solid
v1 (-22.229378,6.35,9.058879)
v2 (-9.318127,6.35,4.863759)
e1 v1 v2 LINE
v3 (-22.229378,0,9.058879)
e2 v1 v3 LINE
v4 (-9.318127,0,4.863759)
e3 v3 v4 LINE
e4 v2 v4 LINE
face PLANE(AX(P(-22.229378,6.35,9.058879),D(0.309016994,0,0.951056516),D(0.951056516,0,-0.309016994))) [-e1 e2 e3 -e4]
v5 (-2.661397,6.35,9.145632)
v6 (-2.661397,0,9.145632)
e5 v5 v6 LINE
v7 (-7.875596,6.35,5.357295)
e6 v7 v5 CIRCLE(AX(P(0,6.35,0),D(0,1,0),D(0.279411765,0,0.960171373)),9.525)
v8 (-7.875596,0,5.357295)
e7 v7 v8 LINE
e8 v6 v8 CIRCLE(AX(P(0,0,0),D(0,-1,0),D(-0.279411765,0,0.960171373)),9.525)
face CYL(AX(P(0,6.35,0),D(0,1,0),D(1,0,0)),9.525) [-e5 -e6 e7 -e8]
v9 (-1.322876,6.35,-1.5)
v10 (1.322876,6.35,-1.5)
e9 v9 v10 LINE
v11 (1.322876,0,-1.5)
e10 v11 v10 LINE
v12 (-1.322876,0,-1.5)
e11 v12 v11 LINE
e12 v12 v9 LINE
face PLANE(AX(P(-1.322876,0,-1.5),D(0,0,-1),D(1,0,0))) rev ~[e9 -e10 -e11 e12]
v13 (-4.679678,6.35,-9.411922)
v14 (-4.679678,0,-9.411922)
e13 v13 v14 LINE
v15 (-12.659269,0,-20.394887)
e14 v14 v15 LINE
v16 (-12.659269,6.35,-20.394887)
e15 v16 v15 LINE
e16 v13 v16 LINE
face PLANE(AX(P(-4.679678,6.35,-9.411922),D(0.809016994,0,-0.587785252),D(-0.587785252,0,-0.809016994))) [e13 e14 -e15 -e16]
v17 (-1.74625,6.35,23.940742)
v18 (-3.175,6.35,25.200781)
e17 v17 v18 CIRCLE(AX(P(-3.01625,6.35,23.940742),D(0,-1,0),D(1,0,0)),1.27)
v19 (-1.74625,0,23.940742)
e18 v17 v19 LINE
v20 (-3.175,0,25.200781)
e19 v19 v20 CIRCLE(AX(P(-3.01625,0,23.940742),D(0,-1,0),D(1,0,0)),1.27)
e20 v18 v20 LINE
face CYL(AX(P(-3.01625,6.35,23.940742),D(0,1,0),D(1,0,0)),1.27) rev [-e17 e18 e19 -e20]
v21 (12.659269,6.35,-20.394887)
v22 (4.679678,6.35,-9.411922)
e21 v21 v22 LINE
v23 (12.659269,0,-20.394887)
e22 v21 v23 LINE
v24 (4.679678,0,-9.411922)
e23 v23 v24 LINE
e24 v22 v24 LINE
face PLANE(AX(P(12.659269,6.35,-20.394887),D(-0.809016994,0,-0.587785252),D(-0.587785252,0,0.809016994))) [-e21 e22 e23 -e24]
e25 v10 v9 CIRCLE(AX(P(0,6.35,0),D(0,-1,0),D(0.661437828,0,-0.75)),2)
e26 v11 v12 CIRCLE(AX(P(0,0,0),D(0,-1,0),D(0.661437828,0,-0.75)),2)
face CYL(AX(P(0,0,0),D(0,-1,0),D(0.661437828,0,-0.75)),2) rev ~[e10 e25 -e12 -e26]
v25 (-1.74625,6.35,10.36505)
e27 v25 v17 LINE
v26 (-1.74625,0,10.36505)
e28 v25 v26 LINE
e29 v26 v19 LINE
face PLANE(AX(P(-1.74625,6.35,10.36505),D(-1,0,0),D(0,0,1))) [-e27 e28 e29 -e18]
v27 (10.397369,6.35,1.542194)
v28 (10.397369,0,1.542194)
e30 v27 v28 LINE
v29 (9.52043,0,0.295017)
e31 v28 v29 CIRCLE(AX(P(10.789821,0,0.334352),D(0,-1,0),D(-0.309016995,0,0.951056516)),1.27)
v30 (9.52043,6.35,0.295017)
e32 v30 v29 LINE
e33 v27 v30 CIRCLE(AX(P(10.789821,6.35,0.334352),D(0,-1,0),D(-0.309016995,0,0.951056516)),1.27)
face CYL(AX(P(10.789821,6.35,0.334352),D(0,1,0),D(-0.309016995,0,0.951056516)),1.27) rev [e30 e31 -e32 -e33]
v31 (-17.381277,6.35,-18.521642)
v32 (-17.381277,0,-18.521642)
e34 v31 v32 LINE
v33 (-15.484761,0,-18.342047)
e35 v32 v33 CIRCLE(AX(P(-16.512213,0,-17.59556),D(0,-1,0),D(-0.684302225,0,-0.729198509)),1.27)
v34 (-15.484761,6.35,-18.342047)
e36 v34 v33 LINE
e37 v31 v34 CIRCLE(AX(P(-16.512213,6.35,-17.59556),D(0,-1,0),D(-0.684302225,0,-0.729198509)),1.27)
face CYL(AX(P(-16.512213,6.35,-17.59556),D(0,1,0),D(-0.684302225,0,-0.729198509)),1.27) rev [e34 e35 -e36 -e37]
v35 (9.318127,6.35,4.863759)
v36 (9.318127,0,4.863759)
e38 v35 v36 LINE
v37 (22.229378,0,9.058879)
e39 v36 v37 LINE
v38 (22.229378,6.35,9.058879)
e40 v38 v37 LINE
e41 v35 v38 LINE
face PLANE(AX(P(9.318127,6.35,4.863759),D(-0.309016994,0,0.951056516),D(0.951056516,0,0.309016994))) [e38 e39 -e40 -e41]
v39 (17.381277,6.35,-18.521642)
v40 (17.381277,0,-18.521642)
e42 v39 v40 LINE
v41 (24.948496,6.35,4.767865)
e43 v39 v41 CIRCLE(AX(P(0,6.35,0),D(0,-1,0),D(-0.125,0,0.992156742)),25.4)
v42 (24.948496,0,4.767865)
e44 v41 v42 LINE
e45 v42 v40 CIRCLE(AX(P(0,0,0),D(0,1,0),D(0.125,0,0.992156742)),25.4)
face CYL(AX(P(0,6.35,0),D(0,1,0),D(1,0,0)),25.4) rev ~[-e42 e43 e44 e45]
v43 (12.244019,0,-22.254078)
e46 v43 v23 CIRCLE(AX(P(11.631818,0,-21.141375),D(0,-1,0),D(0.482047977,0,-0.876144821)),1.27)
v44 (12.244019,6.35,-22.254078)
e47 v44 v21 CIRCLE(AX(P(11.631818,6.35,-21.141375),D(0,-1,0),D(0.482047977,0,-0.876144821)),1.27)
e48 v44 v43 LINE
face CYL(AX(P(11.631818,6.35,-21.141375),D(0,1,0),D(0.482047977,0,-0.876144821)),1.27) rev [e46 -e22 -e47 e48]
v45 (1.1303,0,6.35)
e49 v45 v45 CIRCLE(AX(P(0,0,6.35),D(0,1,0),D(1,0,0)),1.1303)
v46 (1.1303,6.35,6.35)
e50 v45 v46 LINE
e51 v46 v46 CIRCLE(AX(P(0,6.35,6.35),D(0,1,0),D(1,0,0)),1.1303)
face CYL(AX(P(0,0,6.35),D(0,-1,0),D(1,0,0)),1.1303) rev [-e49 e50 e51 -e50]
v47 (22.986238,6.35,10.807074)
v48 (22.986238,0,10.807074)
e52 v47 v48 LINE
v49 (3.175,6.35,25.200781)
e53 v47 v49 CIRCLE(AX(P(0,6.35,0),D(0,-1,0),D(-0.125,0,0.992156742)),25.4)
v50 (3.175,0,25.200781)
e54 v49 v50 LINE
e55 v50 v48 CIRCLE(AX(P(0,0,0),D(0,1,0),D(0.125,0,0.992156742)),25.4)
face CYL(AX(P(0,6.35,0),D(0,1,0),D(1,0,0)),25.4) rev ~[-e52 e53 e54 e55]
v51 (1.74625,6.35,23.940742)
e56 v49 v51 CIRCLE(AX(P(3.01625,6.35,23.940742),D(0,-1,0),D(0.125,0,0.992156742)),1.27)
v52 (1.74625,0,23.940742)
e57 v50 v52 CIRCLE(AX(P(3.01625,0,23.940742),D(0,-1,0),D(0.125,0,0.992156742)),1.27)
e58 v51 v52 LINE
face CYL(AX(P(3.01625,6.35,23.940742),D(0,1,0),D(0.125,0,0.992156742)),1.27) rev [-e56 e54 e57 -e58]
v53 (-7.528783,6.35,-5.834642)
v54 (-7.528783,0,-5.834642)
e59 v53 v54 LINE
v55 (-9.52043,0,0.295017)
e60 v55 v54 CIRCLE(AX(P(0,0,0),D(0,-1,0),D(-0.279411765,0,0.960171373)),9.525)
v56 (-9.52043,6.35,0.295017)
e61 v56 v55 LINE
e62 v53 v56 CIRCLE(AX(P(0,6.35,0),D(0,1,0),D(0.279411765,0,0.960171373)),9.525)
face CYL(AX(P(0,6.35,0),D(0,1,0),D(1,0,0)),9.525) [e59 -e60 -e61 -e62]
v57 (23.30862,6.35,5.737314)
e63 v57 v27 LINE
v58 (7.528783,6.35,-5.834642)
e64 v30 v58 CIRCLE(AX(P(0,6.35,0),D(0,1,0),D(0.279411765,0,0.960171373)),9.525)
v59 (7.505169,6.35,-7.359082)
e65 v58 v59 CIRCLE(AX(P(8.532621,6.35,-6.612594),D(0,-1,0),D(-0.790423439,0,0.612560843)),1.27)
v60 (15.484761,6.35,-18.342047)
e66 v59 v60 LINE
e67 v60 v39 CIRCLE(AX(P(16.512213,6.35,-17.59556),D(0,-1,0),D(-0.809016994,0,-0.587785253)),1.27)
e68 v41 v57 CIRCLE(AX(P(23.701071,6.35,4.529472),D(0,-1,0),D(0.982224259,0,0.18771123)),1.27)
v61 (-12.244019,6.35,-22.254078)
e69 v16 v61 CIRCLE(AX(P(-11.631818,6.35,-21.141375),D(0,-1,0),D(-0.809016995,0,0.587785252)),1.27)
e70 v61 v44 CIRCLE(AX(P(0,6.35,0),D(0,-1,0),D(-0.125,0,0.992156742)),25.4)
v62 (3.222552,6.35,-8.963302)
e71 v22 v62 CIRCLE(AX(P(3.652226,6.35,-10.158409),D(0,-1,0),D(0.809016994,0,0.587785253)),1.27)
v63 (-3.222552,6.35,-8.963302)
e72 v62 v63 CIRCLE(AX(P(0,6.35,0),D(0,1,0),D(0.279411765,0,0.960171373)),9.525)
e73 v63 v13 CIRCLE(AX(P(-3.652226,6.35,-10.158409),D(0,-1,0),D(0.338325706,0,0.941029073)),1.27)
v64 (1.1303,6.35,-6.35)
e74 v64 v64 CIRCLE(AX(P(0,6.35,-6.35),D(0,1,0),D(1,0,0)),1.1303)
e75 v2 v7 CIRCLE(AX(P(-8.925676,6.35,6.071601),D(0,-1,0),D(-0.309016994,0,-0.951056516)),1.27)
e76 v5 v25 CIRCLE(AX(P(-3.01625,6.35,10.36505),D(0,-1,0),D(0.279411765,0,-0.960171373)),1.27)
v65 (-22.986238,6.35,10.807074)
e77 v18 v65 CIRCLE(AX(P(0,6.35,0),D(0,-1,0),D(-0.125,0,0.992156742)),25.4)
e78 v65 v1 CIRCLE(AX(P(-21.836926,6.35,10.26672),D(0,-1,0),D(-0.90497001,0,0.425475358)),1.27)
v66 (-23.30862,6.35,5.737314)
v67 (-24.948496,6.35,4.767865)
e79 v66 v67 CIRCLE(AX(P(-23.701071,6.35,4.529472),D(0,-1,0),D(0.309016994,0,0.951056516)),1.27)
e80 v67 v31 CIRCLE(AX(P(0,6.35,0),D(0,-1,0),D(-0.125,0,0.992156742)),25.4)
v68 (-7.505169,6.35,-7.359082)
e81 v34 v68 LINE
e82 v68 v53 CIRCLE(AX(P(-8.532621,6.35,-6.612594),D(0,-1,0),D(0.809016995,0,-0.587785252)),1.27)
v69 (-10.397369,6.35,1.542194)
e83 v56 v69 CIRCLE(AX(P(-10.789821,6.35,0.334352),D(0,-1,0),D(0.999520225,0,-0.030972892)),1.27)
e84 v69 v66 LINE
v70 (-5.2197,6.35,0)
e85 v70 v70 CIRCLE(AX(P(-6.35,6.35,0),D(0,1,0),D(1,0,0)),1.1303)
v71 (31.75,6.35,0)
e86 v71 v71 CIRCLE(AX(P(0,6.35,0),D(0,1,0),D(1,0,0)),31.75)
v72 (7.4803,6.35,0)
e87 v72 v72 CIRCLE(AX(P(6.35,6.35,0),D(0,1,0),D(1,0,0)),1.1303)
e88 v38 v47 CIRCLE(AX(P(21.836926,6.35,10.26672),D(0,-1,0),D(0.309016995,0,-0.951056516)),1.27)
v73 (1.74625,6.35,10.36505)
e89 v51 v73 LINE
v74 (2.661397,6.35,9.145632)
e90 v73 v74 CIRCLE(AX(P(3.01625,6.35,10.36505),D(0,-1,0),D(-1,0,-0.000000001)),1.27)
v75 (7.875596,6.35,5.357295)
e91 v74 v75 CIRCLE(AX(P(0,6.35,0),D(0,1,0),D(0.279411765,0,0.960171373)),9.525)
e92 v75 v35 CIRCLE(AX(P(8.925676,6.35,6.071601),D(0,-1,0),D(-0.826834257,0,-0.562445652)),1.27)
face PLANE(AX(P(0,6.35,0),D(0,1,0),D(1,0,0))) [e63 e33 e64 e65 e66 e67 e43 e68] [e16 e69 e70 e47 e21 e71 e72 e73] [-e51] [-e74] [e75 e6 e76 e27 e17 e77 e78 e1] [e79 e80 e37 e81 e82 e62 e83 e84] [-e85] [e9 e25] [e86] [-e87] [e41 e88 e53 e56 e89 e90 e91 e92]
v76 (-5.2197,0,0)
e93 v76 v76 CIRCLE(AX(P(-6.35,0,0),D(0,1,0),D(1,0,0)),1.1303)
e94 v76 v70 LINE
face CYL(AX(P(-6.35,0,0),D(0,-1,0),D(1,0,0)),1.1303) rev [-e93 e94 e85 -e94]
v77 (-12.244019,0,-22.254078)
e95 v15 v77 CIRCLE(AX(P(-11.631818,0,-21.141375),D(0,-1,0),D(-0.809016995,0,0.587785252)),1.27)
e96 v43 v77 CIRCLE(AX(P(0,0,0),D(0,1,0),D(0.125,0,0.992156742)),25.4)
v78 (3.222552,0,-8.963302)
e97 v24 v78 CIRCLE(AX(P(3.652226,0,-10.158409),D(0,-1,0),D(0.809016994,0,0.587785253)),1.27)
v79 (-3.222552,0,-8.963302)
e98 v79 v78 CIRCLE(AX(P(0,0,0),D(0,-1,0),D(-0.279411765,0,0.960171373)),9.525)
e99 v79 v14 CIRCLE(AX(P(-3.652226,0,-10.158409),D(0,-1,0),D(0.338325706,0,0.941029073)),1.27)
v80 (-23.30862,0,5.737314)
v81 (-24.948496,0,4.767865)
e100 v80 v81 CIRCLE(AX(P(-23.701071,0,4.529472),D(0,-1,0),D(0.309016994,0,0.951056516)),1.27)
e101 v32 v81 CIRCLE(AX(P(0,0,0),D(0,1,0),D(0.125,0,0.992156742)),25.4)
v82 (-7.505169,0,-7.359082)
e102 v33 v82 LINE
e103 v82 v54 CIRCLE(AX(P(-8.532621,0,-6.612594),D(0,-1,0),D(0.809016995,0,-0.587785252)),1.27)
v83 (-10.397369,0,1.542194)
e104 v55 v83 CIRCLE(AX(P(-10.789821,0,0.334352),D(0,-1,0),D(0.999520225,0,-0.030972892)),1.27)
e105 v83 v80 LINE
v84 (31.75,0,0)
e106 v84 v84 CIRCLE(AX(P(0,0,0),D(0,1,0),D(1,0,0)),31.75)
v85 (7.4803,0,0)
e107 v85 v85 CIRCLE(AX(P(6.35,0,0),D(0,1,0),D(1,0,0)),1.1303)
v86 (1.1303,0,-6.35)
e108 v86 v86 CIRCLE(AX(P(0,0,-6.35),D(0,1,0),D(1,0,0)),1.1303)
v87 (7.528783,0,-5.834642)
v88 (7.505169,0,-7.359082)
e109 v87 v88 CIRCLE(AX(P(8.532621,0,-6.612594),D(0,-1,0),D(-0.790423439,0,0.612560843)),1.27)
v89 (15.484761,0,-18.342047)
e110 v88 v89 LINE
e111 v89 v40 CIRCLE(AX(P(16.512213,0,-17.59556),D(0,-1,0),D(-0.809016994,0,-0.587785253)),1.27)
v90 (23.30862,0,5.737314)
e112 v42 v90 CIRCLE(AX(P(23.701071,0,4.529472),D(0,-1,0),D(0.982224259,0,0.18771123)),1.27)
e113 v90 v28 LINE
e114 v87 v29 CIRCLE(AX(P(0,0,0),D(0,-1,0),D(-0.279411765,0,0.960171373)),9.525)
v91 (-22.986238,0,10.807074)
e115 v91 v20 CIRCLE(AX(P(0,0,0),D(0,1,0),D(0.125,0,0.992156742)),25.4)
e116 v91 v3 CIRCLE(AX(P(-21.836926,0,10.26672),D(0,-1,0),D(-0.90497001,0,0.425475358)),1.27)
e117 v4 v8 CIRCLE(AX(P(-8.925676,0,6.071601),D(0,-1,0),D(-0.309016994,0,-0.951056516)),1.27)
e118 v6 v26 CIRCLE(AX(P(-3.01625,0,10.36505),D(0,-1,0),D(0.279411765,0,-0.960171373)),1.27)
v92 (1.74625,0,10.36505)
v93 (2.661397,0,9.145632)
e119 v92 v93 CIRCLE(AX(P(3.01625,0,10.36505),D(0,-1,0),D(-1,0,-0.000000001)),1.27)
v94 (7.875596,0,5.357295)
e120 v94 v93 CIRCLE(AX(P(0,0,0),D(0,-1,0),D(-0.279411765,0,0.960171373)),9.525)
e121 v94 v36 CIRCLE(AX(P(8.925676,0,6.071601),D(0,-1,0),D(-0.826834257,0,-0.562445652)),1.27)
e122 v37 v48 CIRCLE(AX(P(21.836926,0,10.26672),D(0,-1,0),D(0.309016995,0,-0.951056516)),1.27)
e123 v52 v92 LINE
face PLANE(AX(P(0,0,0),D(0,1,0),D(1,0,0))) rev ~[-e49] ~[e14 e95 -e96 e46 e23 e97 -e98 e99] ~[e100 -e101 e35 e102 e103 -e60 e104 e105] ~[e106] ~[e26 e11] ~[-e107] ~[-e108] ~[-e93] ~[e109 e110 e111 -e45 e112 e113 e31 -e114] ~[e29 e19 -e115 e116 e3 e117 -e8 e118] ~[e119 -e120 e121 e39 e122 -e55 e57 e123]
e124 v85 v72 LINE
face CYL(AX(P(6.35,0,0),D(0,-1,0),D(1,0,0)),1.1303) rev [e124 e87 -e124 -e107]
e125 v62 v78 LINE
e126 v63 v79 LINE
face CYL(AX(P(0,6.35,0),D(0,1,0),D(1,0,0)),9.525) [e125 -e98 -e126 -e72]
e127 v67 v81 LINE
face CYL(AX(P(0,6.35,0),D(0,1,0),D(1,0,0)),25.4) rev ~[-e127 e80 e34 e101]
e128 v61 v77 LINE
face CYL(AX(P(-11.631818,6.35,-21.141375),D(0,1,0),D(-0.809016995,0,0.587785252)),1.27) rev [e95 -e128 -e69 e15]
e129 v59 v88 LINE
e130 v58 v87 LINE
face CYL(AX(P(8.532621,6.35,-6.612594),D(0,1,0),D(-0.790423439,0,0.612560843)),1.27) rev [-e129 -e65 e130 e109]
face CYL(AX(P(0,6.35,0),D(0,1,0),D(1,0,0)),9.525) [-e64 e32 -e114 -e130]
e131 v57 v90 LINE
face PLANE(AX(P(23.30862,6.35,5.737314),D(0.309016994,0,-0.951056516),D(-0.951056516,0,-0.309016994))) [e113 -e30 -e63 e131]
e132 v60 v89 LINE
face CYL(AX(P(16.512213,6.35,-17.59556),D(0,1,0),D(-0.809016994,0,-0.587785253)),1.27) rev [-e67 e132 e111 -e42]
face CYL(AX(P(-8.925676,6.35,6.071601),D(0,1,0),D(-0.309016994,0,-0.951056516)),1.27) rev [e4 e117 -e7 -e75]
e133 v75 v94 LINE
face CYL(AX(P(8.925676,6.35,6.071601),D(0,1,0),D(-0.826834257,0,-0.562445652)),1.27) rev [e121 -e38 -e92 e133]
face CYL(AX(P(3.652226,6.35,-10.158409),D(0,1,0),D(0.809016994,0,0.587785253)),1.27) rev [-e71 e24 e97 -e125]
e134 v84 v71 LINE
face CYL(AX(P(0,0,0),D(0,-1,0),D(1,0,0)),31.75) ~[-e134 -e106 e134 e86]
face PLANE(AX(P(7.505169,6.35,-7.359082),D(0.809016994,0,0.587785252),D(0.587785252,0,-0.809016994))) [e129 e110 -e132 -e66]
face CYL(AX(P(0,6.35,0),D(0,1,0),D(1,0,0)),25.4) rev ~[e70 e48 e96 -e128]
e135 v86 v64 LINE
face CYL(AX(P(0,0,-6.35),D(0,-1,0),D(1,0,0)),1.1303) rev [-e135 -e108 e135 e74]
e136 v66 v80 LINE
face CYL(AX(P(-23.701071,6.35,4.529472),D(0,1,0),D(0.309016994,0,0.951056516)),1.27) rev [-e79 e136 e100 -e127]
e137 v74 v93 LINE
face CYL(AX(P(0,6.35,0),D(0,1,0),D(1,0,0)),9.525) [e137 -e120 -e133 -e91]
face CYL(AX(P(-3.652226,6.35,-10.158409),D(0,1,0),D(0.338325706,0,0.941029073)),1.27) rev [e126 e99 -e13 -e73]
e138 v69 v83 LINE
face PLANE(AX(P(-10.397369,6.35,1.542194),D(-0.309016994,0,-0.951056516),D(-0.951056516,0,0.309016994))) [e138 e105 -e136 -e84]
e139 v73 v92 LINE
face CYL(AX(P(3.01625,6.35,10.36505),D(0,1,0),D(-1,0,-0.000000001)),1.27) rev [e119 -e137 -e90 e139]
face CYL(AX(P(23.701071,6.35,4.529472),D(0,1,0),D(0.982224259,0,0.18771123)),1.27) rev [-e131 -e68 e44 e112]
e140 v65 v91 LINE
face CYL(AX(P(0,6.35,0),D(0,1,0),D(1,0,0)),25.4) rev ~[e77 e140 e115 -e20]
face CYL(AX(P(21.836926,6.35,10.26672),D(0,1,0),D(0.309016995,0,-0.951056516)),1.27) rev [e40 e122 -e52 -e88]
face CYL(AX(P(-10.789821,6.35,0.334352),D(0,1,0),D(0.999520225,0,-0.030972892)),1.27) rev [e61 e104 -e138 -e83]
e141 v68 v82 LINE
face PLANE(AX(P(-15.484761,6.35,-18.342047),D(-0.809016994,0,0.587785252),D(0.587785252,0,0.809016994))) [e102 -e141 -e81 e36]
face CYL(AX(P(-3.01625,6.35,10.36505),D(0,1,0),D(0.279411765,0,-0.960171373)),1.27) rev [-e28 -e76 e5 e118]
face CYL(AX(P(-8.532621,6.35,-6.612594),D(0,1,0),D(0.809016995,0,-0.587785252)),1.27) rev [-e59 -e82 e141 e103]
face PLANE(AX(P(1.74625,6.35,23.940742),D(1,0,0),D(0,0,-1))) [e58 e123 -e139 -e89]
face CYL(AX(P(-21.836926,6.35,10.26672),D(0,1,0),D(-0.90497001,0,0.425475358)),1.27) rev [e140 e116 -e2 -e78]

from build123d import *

# Parameters (mm, degrees)
SKETCH1_R           = 31.75
SKETCH1_R_2         = 1.1303
BOSS_EXTRUDE1_DEPTH = 6.35
SKETCH2_R           = 25.4
SKETCH2_R_2         = 9.525
CUT_EXTRUDE1_DEPTH  = 6.35
BOSS_EXTRUDE2_DEPTH = 6.35
CIRPATTERN1_COUNT   = 5


with BuildPart() as part:
    # Sketch1 → Boss-Extrude1 (new body)
    with BuildSketch(Plane(origin=(0, 0, 0), x_dir=(1, 0, 0), z_dir=(0, 1, 0))):
        Circle(SKETCH1_R)
        with Locations((-6.35, 0)):
            Circle(SKETCH1_R_2, mode=Mode.SUBTRACT)
        with Locations((0, 6.35)):
            Circle(SKETCH1_R_2, mode=Mode.SUBTRACT)
        with Locations((6.35, 0)):
            Circle(SKETCH1_R_2, mode=Mode.SUBTRACT)
        with Locations((0, -6.35)):
            Circle(SKETCH1_R_2, mode=Mode.SUBTRACT)
        with BuildLine():
            Line((-1.322875656, 1.5), (1.322875656, 1.5))
            ThreePointArc((1.322875656, 1.5), (0, -2), (-1.322875656, 1.5))
        make_face(mode=Mode.SUBTRACT)
    extrude(amount=BOSS_EXTRUDE1_DEPTH)

    # Sketch2 → Cut-Extrude1 (cut)
    with BuildSketch(Plane(origin=(0, 6.35, 0), x_dir=(1, 0, 0), z_dir=(0, 1, 0))):
        Circle(SKETCH2_R)
        Circle(SKETCH2_R_2, mode=Mode.SUBTRACT)
    extrude(amount=-CUT_EXTRUDE1_DEPTH, mode=Mode.SUBTRACT)

    # Sketch3 → Boss-Extrude2 (add)
    with BuildSketch(Plane(origin=(0, 6.35, 0), x_dir=(1, 0, 0), z_dir=(0, 1, 0))):
        with BuildLine():
            Line((-1.74625, -10.365049973), (-1.74625, -23.940742176))
            ThreePointArc((-1.74625, -23.940742176), (-2.176223959, -24.893242176), (-3.175, -25.200781238))
            ThreePointArc((-3.175, -25.200781238), (0, -25.4), (3.175, -25.200781238))
            ThreePointArc((3.175, -25.200781238), (2.176223959, -24.893242176), (1.74625, -23.940742176))
            Line((1.74625, -23.940742176), (1.74625, -10.365049973))
            ThreePointArc((1.74625, -10.365049973), (2.000483483, -9.602738762), (2.661397059, -9.145632329))
            ThreePointArc((2.661397059, -9.145632329), (0, -9.525), (-2.661397059, -9.145632329))
            ThreePointArc((-2.661397059, -9.145632329), (-2.000483483, -9.602738762), (-1.74625, -10.365049973))
        make_face()
    boss_extrude2 = extrude(amount=-BOSS_EXTRUDE2_DEPTH)

    # CirPattern1: Boss-Extrude2 ×5 about axis
    cirpattern1_axis = Axis((0, 0, 0), (0, 1, 0))
    for i in range(1, CIRPATTERN1_COUNT):
        add(boss_extrude2.rotate(cirpattern1_axis, i * 360 / CIRPATTERN1_COUNT))


solid = part.part
